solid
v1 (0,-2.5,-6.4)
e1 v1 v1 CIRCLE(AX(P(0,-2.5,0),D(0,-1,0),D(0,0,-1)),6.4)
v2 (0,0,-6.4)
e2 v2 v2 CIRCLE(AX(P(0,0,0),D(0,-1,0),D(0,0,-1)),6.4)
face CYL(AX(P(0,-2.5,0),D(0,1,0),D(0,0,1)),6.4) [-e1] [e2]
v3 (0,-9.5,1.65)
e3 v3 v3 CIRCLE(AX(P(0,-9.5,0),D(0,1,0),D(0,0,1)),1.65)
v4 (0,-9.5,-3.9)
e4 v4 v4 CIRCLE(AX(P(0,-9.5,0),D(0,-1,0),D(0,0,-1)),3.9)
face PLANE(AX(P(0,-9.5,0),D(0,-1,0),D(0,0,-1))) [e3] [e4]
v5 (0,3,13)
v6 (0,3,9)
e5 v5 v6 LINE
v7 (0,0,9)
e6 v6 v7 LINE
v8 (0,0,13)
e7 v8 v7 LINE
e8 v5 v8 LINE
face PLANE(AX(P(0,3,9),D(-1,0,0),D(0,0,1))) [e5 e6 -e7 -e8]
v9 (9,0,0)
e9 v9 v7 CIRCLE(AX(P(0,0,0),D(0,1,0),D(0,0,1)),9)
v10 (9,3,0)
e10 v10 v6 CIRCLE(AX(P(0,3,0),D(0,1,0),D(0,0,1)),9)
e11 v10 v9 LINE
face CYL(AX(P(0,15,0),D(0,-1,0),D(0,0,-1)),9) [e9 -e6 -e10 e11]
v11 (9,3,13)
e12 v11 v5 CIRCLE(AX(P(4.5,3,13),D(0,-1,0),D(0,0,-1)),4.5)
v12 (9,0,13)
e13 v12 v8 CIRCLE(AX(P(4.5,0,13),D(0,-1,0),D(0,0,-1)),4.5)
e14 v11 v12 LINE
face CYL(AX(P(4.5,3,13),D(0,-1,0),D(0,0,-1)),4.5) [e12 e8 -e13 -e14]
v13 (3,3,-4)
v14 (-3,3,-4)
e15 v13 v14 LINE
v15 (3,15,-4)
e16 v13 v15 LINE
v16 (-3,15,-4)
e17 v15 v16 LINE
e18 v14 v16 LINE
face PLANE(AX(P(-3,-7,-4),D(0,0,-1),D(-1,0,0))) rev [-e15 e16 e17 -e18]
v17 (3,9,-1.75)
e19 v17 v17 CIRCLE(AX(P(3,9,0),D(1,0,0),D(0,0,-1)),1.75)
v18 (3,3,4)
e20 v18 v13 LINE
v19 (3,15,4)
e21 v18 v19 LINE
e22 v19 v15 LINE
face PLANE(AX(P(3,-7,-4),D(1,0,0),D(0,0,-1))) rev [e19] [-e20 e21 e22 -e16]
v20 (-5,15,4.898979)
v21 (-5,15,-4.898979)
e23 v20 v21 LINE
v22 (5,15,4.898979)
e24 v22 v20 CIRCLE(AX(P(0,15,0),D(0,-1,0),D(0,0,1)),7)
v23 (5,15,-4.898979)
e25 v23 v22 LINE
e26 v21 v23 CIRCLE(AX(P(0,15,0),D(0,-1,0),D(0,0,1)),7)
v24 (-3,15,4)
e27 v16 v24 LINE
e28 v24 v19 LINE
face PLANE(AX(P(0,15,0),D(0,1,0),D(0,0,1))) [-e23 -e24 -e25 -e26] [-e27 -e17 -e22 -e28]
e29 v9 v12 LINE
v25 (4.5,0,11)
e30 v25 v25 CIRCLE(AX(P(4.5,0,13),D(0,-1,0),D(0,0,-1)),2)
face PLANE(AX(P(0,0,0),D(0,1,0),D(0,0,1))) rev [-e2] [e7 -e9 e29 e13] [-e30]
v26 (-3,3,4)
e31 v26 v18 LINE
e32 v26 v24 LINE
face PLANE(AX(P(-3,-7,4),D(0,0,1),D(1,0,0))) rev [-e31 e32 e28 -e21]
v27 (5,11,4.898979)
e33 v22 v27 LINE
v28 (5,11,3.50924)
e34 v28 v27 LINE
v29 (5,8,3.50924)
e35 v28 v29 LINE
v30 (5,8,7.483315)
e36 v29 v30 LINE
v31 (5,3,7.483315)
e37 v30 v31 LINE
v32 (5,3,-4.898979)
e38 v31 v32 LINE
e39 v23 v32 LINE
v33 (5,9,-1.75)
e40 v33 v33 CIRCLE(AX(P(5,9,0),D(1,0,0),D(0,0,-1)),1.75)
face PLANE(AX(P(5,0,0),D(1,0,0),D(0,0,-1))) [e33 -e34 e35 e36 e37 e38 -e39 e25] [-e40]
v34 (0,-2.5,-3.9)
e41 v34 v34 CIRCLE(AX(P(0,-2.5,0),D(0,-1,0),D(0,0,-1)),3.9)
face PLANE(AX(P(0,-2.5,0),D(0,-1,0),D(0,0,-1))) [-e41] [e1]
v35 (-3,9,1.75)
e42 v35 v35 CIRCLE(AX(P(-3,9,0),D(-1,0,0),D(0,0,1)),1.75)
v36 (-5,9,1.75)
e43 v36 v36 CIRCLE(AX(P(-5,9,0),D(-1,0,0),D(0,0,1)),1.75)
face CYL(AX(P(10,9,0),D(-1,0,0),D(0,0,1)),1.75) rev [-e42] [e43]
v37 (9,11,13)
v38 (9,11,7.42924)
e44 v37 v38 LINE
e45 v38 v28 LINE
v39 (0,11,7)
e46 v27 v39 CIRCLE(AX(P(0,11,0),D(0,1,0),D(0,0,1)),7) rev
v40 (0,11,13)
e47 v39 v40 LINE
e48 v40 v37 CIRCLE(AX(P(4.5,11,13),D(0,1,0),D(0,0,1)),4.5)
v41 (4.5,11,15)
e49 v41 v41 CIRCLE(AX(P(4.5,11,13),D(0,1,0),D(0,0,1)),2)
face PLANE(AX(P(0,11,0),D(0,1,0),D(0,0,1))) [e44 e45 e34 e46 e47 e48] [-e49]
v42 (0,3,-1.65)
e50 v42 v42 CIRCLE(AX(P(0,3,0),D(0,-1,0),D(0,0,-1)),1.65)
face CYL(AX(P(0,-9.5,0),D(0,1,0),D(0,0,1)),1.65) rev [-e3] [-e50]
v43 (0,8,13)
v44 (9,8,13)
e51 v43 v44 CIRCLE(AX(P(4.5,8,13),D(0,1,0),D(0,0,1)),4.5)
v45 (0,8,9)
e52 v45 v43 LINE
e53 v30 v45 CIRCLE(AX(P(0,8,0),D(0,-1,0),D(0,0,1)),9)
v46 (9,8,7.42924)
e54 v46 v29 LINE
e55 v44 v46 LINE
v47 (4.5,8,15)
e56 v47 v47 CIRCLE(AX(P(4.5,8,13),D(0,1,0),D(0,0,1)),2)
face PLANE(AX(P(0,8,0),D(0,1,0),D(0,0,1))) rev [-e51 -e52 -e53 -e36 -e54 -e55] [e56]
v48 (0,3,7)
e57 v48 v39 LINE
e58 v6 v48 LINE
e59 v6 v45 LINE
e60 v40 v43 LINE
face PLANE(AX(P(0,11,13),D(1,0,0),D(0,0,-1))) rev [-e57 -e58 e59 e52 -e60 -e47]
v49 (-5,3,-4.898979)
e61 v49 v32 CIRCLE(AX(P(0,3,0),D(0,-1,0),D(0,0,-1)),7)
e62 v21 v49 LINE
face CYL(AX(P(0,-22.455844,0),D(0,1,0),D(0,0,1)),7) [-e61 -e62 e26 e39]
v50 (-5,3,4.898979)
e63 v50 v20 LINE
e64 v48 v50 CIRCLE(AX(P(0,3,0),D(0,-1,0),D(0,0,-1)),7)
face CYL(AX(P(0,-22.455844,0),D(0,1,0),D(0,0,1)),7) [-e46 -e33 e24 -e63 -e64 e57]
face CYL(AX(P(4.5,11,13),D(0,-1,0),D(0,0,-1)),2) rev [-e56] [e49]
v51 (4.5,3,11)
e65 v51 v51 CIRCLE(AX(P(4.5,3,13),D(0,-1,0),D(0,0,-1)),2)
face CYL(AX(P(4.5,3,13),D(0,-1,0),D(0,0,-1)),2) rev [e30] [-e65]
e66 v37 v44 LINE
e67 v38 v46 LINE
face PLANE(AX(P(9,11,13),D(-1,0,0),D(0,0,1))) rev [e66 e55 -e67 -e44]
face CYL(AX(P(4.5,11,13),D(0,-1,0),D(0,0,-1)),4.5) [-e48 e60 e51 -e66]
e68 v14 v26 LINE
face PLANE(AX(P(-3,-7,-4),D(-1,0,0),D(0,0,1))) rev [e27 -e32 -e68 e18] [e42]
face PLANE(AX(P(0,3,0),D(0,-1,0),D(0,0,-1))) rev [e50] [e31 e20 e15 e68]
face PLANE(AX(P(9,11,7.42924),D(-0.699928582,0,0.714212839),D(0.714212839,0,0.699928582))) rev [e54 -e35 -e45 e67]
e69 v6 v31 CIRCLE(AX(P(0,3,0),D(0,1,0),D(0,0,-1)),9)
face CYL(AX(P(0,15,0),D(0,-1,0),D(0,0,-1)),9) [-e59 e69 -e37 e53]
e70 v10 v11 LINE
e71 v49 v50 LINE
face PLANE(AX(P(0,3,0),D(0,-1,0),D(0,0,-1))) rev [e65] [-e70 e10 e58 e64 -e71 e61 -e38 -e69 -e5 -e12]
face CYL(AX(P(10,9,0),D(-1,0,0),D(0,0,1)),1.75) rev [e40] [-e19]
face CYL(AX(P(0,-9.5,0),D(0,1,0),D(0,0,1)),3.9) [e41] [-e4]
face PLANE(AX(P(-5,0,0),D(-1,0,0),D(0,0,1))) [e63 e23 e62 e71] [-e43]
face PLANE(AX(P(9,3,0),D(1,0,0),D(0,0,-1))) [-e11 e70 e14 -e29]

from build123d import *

# Parameters (mm, degrees)
SKETCH1_R               = 9
MAIN_BODY_DEPTH         = 15
SKETCH4_R               = 6.4
BOSS_EXTRUDE3_DEPTH     = 2.5
SKETCH5_R               = 3.9
BOSS_EXTRUDE4_DEPTH     = 7
SKETCH9_R               = 2
ARM_ATTTACH_DEPTH       = 3
SKETCH11_W              = 18
SKETCH11_H              = 12
CUT_EXTRUDE1_DEPTH      = 5
SKETCH13_R              = 2
ARM_ATTACH_DEPTH        = 3
CUT_EXTRUDE5_DEPTH      = 12
SKETCH14_W              = 6
SKETCH14_H              = 8
BLADE_HOLE_DEPTH        = 12
SKETCH21_W              = 15
SKETCH21_H              = 12
FACE_CUT_DEPTH          = 10
SKETCH23_R              = 9
SKETCH23_R_2            = 7
CUT_EXTRUDE8_DEPTH      = 4
SKETCH24_R              = 1.75
SCREW_HOLE_DEPTH        = 15
SKETCH26_R              = 1.65
CUT_EXTRUDE9_DEPTH      = 16
CUT_EXTRUDE9_DEPTH_BACK = 10.5


with BuildPart() as part:
    # Sketch1 → main body (new body)
    with BuildSketch(Plane(origin=(0, 0, 0), x_dir=(1, 0, 0), z_dir=(0, 1, 0))):
        Circle(SKETCH1_R)
    extrude(amount=MAIN_BODY_DEPTH)

    # Sketch4 → Boss-Extrude3 (add)
    with BuildSketch(Plane.XZ):
        Circle(SKETCH4_R)
    extrude(amount=BOSS_EXTRUDE3_DEPTH)

    # Sketch5 → Boss-Extrude4 (add)
    with BuildSketch(Plane.XZ.offset(2.5)):
        Circle(SKETCH5_R)
    extrude(amount=BOSS_EXTRUDE4_DEPTH)

    # Sketch9 → arm atttach (add)
    with BuildSketch(Plane.XZ):
        with BuildLine():
            Line((0, 9), (0, 13))
            ThreePointArc((0, 13), (4.5, 17.5), (9, 13))
            Line((9, 13), (9, 0))
            ThreePointArc((9, 0), (6.363961031, 6.363961031), (0, 9))
        make_face()
        with Locations((4.5, 13)):
            Circle(SKETCH9_R, mode=Mode.SUBTRACT)
    extrude(amount=-ARM_ATTTACH_DEPTH)

    # Sketch11 → Cut-Extrude1 (cut)
    with BuildSketch(Plane(origin=(5, 0, 0), x_dir=(0, 0, -1), z_dir=(1, 0, 0))):
        with Locations((0, 9)):
            Rectangle(SKETCH11_W, SKETCH11_H)
    extrude(amount=CUT_EXTRUDE1_DEPTH, mode=Mode.SUBTRACT)

    # Sketch13 → arm attach (add)
    with BuildSketch(Plane(origin=(0, 8, 0), x_dir=(1, 0, 0), z_dir=(0, 1, 0))):
        with BuildLine():
            Line((0, -13), (0, -9))
            ThreePointArc((0, -9), (2.61248608, -8.61248608), (5, -7.483314774))
            Line((5, -7.483314774), (5, -3.50923953))
            Line((5, -3.50923953), (9, -7.42923953))
            Line((9, -7.42923953), (9, -13))
            ThreePointArc((9, -13), (4.5, -17.5), (0, -13))
        make_face()
        with Locations((4.5, -13)):
            Circle(SKETCH13_R, mode=Mode.SUBTRACT)
    extrude(amount=ARM_ATTACH_DEPTH)

    # Sketch19 → Cut-Extrude5 (cut)
    with BuildSketch(Plane(origin=(0, 15, 0), x_dir=(1, 0, 0), z_dir=(0, 1, 0))):
        with BuildLine():
            Line((0, -7), (0, -9))
            ThreePointArc((0, -9), (-3.939351121, 8.092064801), (7.083885455, -5.551447276))
            Line((7.083885455, -5.551447276), (5.644138479, -4.14049524))
            ThreePointArc((5.644138479, -4.14049524), (-3.163584464, 6.244336101), (0, -7))
        make_face()
    extrude(amount=-CUT_EXTRUDE5_DEPTH, mode=Mode.SUBTRACT)

    # Sketch14 → blade hole (cut)
    with BuildSketch(Plane(origin=(0, 15, 0), x_dir=(1, 0, 0), z_dir=(0, 1, 0))):
        Rectangle(SKETCH14_W, SKETCH14_H)
    extrude(amount=-BLADE_HOLE_DEPTH, mode=Mode.SUBTRACT)

    # Sketch21 → face cut (cut)
    with BuildSketch(Plane.ZY.offset(5)):
        with Locations((0, 9)):
            Rectangle(SKETCH21_W, SKETCH21_H)
    extrude(amount=FACE_CUT_DEPTH, mode=Mode.SUBTRACT)

    # Sketch23 → Cut-Extrude8 (cut)
    with BuildSketch(Plane(origin=(0, 15, 0), x_dir=(1, 0, 0), z_dir=(0, 1, 0))):
        Circle(SKETCH23_R)
        Circle(SKETCH23_R_2, mode=Mode.SUBTRACT)
    extrude(amount=-CUT_EXTRUDE8_DEPTH, mode=Mode.SUBTRACT)

    # Sketch24 → screw hole (cut, symmetric)
    with BuildSketch(Plane.ZY.offset(5)):
        with Locations((0, 9)):
            Circle(SKETCH24_R)
    extrude(amount=SCREW_HOLE_DEPTH, both=True, mode=Mode.SUBTRACT)

    # Sketch26 → Cut-Extrude9 (cut, two sides)
    with BuildSketch(Plane(origin=(0, 0, 0), x_dir=(1, 0, 0), z_dir=(0, 1, 0))) as cut_extrude9_sk:
        Circle(SKETCH26_R)
    extrude(amount=CUT_EXTRUDE9_DEPTH, mode=Mode.SUBTRACT)
    extrude(cut_extrude9_sk.sketch, amount=-CUT_EXTRUDE9_DEPTH_BACK, mode=Mode.SUBTRACT)


solid = part.part
